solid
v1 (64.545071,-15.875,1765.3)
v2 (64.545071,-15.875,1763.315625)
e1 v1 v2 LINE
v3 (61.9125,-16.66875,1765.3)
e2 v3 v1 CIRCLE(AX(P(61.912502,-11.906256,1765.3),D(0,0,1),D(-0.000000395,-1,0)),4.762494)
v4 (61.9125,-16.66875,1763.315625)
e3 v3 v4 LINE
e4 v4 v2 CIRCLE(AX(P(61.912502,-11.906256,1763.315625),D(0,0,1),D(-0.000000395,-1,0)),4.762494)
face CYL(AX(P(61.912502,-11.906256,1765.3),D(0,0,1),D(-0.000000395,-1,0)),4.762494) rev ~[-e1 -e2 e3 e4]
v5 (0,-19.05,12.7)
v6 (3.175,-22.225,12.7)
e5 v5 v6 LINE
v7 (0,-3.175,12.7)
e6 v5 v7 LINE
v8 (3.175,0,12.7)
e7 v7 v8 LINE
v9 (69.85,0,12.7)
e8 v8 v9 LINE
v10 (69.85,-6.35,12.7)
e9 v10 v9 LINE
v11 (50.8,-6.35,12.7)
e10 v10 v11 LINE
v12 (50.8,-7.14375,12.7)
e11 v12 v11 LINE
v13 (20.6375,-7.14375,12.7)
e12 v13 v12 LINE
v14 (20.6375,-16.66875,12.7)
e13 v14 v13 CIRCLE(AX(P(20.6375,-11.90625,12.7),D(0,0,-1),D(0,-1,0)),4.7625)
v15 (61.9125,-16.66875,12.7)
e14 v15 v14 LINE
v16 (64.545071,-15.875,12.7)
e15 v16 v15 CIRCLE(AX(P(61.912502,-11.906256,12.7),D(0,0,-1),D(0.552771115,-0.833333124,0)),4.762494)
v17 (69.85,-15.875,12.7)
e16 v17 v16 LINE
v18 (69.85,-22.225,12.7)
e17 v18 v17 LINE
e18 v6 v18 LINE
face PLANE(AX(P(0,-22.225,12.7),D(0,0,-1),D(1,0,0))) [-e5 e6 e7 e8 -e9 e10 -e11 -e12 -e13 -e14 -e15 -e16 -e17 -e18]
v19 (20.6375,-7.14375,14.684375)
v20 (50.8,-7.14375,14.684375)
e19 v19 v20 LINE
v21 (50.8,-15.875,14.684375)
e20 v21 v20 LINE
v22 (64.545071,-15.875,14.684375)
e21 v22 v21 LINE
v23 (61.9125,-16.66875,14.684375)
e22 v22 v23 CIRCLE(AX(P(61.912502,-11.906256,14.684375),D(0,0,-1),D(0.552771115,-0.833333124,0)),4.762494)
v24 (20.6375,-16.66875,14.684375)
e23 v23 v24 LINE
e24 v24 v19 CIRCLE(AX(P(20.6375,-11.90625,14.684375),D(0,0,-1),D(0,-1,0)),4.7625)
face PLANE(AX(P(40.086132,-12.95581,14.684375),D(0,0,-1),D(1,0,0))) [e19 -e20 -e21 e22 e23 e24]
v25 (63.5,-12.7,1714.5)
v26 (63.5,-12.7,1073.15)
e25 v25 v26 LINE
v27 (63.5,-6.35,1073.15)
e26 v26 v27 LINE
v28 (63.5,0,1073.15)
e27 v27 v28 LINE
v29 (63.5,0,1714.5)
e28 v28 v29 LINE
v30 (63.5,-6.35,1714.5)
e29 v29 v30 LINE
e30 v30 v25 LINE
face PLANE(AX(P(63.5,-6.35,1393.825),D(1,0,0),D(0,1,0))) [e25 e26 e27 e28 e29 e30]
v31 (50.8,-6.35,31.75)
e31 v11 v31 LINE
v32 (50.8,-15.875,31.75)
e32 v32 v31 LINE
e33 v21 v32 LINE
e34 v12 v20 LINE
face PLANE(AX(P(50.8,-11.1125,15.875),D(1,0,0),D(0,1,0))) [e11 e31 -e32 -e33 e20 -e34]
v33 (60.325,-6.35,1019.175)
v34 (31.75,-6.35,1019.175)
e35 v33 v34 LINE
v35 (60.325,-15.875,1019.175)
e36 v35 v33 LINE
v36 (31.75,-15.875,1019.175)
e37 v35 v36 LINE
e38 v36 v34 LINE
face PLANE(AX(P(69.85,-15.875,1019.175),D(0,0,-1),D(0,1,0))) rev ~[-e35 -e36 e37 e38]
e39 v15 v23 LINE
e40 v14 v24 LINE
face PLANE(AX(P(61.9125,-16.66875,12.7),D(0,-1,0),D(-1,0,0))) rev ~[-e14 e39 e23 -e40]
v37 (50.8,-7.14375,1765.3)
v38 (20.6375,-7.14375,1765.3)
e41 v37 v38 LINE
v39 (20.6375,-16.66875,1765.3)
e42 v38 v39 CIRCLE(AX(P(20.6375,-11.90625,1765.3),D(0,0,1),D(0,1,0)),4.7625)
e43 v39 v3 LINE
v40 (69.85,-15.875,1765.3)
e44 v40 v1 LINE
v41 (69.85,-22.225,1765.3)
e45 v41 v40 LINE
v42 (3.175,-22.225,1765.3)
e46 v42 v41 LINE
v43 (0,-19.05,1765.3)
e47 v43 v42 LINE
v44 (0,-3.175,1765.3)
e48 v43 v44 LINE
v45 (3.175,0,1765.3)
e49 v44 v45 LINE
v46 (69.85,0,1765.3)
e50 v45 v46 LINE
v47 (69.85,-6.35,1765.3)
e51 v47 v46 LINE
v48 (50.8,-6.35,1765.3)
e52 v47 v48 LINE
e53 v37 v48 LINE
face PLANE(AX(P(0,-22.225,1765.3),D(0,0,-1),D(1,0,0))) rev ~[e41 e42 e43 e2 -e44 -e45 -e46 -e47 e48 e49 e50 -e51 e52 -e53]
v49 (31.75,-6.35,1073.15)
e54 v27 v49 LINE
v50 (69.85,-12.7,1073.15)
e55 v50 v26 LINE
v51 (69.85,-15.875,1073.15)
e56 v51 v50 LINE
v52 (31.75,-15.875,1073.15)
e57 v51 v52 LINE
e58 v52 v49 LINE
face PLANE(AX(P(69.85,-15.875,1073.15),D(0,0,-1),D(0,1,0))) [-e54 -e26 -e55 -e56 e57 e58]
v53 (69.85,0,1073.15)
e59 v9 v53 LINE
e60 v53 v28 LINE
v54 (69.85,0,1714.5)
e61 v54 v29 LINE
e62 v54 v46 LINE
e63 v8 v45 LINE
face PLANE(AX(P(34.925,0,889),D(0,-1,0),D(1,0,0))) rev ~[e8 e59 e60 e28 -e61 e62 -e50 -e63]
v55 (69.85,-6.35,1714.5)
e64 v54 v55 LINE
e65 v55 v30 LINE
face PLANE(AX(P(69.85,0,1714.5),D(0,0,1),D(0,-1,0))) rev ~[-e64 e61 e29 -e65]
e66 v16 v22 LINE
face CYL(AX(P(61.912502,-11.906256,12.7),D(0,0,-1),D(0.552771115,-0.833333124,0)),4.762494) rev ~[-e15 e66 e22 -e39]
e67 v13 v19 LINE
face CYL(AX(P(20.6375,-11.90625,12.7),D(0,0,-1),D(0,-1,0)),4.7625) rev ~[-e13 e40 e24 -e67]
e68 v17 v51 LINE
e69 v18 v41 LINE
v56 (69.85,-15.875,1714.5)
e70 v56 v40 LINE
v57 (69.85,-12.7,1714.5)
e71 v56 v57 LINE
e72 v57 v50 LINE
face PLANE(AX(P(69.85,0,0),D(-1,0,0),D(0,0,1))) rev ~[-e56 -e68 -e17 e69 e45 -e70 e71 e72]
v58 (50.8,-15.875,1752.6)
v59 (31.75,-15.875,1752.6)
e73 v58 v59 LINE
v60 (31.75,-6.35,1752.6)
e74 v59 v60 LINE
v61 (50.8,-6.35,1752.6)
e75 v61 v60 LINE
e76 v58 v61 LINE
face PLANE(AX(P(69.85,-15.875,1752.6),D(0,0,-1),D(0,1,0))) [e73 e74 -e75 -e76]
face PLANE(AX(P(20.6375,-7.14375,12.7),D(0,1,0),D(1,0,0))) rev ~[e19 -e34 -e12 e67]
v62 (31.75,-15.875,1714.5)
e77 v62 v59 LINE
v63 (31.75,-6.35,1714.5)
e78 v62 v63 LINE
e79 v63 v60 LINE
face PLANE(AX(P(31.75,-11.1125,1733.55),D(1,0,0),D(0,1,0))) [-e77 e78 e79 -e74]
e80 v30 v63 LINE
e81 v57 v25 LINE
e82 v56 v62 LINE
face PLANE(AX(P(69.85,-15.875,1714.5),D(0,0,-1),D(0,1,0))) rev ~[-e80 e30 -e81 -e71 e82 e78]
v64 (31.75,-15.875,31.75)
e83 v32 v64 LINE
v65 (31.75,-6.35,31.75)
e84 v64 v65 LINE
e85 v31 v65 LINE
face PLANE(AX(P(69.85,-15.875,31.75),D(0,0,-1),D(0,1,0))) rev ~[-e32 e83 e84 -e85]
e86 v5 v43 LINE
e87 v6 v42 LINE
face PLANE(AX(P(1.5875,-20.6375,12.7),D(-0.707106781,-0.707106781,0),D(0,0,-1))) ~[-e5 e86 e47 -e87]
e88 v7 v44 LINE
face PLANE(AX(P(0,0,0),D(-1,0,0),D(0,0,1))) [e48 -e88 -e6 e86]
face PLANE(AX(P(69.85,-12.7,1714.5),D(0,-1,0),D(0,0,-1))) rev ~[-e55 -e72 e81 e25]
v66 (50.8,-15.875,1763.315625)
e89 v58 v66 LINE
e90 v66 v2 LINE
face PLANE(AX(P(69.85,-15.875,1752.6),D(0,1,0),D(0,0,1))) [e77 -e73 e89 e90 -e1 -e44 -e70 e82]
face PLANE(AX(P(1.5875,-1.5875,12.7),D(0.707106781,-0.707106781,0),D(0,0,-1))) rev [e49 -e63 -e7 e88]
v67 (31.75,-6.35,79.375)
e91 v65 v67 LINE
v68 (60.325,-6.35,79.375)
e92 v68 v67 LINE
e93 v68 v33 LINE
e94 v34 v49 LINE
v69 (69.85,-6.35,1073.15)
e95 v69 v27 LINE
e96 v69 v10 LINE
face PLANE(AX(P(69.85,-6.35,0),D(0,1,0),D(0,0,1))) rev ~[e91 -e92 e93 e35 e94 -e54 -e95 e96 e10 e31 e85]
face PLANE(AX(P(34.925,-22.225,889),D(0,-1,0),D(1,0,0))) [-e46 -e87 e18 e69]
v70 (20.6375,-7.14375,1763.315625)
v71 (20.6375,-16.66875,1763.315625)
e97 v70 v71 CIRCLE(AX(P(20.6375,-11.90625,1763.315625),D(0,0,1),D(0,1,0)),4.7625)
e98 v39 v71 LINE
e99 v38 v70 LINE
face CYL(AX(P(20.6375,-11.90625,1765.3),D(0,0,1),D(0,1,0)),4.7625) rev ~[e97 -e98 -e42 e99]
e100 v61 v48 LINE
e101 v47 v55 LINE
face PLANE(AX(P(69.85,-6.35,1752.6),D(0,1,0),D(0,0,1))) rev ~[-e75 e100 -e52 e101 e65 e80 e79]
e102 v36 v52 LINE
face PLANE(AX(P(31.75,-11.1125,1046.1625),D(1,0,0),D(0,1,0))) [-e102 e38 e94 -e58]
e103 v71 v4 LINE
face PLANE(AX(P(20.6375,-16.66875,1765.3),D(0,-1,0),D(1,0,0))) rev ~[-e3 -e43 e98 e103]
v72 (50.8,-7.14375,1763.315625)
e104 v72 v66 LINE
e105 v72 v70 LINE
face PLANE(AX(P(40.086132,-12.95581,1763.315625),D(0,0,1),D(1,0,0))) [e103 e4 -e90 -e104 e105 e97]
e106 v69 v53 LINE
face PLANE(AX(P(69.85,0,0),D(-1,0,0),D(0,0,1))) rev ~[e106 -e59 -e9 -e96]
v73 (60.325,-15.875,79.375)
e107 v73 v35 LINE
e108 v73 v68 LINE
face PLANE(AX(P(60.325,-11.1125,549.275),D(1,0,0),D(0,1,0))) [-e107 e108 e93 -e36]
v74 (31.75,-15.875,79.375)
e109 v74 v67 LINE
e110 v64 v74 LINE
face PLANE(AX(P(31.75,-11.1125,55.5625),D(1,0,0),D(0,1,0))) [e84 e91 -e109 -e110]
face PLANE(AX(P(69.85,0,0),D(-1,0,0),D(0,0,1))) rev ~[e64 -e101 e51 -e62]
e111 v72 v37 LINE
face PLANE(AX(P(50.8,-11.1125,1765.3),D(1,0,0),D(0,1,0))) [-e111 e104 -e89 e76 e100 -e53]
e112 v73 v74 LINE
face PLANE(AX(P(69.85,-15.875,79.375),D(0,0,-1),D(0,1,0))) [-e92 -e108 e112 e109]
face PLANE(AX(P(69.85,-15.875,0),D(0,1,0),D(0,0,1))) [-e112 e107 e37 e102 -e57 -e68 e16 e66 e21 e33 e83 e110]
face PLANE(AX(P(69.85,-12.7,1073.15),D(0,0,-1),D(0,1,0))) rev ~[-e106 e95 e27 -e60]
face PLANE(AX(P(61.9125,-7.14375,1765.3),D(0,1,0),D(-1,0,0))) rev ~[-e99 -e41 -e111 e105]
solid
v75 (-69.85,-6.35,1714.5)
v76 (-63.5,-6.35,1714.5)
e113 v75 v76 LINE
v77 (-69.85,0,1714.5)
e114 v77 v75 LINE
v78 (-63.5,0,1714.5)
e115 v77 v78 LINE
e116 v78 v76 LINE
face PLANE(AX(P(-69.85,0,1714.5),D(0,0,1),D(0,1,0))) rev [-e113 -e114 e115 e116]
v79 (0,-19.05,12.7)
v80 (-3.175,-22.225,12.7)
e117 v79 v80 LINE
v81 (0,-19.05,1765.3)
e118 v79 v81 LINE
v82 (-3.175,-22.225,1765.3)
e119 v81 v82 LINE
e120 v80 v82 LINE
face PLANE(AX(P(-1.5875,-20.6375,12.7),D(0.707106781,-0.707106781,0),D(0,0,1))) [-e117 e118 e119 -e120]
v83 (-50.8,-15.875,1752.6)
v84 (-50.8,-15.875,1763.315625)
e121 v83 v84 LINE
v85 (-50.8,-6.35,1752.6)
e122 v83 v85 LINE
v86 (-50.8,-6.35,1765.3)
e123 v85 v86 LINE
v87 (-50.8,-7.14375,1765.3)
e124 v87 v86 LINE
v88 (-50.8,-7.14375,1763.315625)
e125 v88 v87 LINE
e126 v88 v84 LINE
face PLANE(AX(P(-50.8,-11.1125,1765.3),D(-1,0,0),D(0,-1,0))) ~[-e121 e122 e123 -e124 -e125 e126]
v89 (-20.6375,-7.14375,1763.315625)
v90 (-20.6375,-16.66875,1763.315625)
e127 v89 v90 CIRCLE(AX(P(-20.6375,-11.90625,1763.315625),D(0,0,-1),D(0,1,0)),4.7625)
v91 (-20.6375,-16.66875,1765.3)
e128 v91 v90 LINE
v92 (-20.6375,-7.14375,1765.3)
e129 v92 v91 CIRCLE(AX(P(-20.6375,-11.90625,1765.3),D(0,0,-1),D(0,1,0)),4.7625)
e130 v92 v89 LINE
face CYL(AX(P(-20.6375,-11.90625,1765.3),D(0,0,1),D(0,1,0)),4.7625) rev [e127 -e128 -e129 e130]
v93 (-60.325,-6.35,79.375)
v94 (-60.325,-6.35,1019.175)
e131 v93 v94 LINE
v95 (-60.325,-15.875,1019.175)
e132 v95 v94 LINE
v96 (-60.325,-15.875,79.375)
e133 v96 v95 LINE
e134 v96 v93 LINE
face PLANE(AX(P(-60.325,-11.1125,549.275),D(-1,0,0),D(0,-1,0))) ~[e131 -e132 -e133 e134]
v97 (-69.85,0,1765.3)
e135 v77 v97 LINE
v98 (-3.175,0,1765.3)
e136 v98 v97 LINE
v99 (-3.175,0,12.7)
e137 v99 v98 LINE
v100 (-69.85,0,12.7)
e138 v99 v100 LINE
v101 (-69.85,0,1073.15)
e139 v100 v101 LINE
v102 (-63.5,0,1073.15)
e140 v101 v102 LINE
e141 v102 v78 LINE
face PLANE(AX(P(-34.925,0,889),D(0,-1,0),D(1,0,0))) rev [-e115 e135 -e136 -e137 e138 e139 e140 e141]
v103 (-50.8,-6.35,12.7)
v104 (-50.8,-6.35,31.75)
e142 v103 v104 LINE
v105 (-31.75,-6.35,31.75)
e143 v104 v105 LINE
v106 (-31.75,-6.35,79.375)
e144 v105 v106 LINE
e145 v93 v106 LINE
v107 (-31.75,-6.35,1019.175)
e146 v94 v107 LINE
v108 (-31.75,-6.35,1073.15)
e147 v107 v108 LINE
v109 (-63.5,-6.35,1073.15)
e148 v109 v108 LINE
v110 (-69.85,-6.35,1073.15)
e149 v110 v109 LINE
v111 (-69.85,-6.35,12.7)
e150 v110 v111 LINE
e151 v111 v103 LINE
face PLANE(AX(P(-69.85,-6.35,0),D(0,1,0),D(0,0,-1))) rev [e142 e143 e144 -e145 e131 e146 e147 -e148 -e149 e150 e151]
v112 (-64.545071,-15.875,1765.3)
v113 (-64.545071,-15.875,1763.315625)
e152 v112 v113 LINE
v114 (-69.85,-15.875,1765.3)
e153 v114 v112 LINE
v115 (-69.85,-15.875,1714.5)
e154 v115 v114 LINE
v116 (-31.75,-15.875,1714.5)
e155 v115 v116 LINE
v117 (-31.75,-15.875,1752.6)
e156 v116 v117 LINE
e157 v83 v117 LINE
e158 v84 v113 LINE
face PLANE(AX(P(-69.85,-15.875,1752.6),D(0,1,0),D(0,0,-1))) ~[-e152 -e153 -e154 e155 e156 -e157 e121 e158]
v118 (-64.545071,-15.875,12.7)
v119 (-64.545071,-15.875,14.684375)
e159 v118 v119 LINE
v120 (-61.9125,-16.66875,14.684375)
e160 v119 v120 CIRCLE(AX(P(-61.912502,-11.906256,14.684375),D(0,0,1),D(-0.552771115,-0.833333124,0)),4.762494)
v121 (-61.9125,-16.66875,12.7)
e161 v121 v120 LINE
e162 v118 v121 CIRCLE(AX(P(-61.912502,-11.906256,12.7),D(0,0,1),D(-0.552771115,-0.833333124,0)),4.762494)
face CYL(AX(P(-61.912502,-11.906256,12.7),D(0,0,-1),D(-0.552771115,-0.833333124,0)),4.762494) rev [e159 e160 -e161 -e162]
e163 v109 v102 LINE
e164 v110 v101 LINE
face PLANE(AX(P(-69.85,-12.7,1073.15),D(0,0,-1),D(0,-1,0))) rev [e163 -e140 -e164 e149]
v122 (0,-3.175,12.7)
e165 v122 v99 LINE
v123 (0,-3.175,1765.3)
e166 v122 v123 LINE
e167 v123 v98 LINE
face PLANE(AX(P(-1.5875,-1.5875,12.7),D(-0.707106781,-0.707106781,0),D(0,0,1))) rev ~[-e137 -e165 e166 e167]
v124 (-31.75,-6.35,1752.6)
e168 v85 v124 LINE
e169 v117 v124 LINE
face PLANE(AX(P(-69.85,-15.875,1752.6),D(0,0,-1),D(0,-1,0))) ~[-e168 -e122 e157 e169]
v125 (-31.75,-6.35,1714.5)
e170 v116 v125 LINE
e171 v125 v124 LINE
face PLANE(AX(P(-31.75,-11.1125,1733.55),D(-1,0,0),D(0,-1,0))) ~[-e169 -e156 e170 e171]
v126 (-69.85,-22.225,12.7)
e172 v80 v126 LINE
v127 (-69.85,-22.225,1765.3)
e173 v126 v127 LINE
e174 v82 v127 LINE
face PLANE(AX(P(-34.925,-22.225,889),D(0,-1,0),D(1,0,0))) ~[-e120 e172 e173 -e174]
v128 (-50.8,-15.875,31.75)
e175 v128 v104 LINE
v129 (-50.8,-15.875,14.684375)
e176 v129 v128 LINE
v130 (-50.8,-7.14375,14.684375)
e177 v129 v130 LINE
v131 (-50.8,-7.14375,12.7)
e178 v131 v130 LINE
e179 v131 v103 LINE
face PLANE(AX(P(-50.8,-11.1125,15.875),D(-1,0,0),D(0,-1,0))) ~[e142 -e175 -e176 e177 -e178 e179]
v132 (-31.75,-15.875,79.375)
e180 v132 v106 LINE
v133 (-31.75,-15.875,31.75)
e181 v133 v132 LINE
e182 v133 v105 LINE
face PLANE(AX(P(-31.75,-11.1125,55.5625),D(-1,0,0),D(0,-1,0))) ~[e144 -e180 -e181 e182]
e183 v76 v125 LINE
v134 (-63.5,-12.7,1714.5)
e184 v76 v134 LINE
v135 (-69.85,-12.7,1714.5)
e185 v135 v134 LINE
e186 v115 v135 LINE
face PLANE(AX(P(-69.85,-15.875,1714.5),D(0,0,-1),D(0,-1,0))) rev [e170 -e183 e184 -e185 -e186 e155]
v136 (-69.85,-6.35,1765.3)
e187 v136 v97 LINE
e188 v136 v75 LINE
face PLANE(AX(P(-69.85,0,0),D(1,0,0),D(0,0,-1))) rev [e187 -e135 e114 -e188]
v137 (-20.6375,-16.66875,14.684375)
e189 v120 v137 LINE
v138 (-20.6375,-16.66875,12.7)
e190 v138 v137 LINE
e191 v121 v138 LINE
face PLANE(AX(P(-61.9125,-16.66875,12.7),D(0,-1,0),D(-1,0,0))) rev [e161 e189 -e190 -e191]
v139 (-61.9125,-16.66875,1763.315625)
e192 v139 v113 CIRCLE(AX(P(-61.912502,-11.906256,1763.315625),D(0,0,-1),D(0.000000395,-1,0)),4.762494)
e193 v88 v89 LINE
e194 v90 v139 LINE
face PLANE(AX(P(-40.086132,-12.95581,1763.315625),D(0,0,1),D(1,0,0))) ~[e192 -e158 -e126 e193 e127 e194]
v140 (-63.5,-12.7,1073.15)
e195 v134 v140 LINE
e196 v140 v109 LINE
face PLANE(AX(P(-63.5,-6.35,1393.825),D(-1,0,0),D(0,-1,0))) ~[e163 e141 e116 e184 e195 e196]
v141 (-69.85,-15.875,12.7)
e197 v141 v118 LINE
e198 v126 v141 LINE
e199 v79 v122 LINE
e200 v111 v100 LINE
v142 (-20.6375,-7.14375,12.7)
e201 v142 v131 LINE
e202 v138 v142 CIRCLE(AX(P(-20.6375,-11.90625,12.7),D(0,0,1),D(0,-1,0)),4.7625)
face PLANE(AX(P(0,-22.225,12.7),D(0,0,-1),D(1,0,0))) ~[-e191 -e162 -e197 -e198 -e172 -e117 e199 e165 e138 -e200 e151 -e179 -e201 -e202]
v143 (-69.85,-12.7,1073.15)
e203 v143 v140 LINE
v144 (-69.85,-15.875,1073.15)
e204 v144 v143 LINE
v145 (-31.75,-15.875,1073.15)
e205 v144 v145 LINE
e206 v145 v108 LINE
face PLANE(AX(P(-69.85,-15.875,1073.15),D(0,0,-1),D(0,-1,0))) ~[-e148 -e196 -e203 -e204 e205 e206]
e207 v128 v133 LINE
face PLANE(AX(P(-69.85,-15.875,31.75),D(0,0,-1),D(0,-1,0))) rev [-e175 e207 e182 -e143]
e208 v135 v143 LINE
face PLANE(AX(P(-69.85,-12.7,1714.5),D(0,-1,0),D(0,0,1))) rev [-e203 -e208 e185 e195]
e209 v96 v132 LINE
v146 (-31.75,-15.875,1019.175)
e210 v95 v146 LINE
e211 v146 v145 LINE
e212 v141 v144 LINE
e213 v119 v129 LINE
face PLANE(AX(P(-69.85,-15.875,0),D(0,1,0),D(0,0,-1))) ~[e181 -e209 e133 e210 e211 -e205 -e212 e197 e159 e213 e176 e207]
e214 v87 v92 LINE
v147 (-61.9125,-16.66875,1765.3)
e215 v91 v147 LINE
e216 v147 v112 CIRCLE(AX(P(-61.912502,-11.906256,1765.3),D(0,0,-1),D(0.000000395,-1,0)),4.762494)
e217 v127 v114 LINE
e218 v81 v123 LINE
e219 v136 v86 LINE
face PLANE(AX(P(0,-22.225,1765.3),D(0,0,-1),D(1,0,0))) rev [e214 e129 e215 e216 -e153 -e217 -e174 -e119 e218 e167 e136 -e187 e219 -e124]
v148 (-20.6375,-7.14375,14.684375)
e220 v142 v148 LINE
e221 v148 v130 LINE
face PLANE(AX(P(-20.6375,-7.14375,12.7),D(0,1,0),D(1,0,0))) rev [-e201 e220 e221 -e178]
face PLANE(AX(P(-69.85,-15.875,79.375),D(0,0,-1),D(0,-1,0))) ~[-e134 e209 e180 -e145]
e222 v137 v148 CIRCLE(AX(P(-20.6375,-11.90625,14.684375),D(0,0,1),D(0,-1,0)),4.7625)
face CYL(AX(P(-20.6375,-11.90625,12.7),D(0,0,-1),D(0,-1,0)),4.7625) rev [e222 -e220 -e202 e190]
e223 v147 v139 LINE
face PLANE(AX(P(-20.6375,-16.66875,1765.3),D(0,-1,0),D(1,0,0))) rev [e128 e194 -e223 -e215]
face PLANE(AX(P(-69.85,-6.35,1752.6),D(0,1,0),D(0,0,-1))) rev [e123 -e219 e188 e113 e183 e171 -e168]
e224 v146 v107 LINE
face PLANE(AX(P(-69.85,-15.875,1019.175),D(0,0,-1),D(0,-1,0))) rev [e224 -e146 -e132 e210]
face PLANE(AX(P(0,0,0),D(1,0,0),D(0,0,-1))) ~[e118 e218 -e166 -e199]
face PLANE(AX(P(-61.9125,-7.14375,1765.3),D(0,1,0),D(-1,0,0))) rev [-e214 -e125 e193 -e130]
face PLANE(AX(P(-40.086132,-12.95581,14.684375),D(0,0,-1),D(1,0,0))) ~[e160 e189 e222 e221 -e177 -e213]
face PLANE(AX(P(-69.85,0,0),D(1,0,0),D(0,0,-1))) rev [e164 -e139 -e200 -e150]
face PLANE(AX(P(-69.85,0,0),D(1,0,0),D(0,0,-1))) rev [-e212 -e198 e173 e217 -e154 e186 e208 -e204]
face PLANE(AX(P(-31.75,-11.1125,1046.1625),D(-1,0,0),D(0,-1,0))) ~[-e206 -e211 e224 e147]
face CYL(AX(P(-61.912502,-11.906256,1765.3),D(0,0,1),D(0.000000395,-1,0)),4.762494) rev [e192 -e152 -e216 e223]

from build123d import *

# Parameters (mm, degrees)
F0_W      = 69.85
F0_H      = 1778
F1_DEPTH  = 22.225
F2_W      = 9.525
F2_H      = 47.625
F2_H_2    = 38.1
F2_H_3    = 53.975
F3_DEPTH  = 38.1
F2_H_4    = 31.75
F2_H_5    = 25.4
F4_DEPTH  = 19.05
F5_W      = 69.85
F5_H      = 12.7
F6_DEPTH  = 22.226
F7_W      = 9.525
F7_H      = 939.8
F8_DEPTH  = 9.525
F11_DEPTH = 1.984375
F12_DEPTH = 1.984375
F13_SIZE  = 3.175
F14_DEPTH = 6.35


with BuildPart() as f1:
    # F0 (on Front) → F1 (new body)
    with BuildSketch(Plane.XZ):
        with Locations((34.925, 889)):
            Rectangle(F0_W, F0_H)
    extrude(amount=F1_DEPTH)

    # F2 (on face) → F3 (cut)
    with BuildSketch(Plane.YZ.offset(69.85)):
        with Locations((-11.1125, 55.5625)):
            Rectangle(F2_W, F2_H)
        with Locations((-11.1125, 1733.55)):
            Rectangle(F2_W, F2_H_2)
        with Locations((-11.1125, 1046.1625)):
            Rectangle(F2_W, F2_H_3)
    extrude(amount=-F3_DEPTH, mode=Mode.SUBTRACT)

    # F2 (on face) → F4 (cut)
    with BuildSketch(Plane.YZ.offset(69.85)):
        with Locations((-11.1125, 15.875)):
            Rectangle(F2_W, F2_H_4)
        with Locations((-11.1125, 1765.3)):
            Rectangle(F2_W, F2_H_5)
    extrude(amount=-F4_DEPTH, mode=Mode.SUBTRACT)

    # F5 (on face) → F6 (cut, through all)
    with BuildSketch(Plane.XZ.offset(22.225)):
        with Locations((34.925, 6.35)):
            Rectangle(F5_W, F5_H)
        with Locations((34.925, 1771.65)):
            Rectangle(F5_W, F5_H)
    extrude(amount=-F6_DEPTH, mode=Mode.SUBTRACT)

    # F7 (on face) → F8 (cut)
    with BuildSketch(Plane.YZ.offset(69.85)):
        with Locations((-11.1125, 549.275)):
            Rectangle(F7_W, F7_H)
    extrude(amount=-F8_DEPTH, mode=Mode.SUBTRACT)

    # F9 (on face) → F11 (cut)
    with BuildSketch(Plane(origin=(0, 0, 12.7), x_dir=(1, 0, 0), z_dir=(0, 0, -1))):
        with BuildLine():
            Line((61.9125, 16.66875), (20.6375, 16.66875))
            ThreePointArc((20.6375, 16.66875), (15.875, 11.90625), (20.6375, 7.14375))
            Line((20.6375, 7.14375), (50.8, 7.14375))
            Line((50.8, 7.14375), (50.8, 15.875))
            Line((50.8, 15.875), (64.545071, 15.875))
            ThreePointArc((64.545071, 15.875), (63.287315, 16.465997), (61.9125, 16.66875))
        make_face()
        with BuildLine():
            Line((50.8, 15.875), (50.8, 7.14375))
            Line((50.8, 7.14375), (61.9125, 7.14375))
            ThreePointArc((61.9125, 7.14375), (66.472247, 10.531435), (64.545071, 15.875))
            Line((64.545071, 15.875), (50.8, 15.875))
        make_face()
    extrude(amount=-F11_DEPTH, mode=Mode.SUBTRACT)

    # F10 (on face) → F12 (cut)
    with BuildSketch(Plane.XY.offset(1765.3)):
        with BuildLine():
            Line((50.8, -7.14375), (20.6375, -7.14375))
            ThreePointArc((20.6375, -7.14375), (15.875, -11.90625), (20.6375, -16.66875))
            Line((20.6375, -16.66875), (61.9125, -16.66875))
            ThreePointArc((61.9125, -16.66875), (63.287315, -16.465997), (64.545071, -15.875))
            Line((64.545071, -15.875), (50.8, -15.875))
            Line((50.8, -15.875), (50.8, -7.14375))
        make_face()
        with BuildLine():
            Line((61.9125, -7.14375), (50.8, -7.14375))
            Line((50.8, -7.14375), (50.8, -15.875))
            Line((50.8, -15.875), (64.545071, -15.875))
            ThreePointArc((64.545071, -15.875), (66.472247, -10.531435), (61.9125, -7.14375))
        make_face()
    extrude(amount=-F12_DEPTH, mode=Mode.SUBTRACT)

    # F13
    f13_edges = [f1.edges().sort_by_distance(p)[0] for p in [
        (0, -22.225, 889),
        (0, 0, 889),
    ]]
    chamfer(f13_edges, length=F13_SIZE)

    # F7 (on face) → F14 (cut)
    with BuildSketch(Plane.YZ.offset(69.85)):
        Polygon((-12.7, 1073.15), (-6.35, 1073.15), (0, 1073.15), (0, 1714.5), (-6.35, 1714.5), (-12.7, 1714.5), align=None)
    extrude(amount=-F14_DEPTH, mode=Mode.SUBTRACT)


with BuildPart() as f15_1:
    # F15: instance of F1
    add(f1.part.mirror(Plane.YZ))


solid = Compound([f1.part, f15_1.part])
